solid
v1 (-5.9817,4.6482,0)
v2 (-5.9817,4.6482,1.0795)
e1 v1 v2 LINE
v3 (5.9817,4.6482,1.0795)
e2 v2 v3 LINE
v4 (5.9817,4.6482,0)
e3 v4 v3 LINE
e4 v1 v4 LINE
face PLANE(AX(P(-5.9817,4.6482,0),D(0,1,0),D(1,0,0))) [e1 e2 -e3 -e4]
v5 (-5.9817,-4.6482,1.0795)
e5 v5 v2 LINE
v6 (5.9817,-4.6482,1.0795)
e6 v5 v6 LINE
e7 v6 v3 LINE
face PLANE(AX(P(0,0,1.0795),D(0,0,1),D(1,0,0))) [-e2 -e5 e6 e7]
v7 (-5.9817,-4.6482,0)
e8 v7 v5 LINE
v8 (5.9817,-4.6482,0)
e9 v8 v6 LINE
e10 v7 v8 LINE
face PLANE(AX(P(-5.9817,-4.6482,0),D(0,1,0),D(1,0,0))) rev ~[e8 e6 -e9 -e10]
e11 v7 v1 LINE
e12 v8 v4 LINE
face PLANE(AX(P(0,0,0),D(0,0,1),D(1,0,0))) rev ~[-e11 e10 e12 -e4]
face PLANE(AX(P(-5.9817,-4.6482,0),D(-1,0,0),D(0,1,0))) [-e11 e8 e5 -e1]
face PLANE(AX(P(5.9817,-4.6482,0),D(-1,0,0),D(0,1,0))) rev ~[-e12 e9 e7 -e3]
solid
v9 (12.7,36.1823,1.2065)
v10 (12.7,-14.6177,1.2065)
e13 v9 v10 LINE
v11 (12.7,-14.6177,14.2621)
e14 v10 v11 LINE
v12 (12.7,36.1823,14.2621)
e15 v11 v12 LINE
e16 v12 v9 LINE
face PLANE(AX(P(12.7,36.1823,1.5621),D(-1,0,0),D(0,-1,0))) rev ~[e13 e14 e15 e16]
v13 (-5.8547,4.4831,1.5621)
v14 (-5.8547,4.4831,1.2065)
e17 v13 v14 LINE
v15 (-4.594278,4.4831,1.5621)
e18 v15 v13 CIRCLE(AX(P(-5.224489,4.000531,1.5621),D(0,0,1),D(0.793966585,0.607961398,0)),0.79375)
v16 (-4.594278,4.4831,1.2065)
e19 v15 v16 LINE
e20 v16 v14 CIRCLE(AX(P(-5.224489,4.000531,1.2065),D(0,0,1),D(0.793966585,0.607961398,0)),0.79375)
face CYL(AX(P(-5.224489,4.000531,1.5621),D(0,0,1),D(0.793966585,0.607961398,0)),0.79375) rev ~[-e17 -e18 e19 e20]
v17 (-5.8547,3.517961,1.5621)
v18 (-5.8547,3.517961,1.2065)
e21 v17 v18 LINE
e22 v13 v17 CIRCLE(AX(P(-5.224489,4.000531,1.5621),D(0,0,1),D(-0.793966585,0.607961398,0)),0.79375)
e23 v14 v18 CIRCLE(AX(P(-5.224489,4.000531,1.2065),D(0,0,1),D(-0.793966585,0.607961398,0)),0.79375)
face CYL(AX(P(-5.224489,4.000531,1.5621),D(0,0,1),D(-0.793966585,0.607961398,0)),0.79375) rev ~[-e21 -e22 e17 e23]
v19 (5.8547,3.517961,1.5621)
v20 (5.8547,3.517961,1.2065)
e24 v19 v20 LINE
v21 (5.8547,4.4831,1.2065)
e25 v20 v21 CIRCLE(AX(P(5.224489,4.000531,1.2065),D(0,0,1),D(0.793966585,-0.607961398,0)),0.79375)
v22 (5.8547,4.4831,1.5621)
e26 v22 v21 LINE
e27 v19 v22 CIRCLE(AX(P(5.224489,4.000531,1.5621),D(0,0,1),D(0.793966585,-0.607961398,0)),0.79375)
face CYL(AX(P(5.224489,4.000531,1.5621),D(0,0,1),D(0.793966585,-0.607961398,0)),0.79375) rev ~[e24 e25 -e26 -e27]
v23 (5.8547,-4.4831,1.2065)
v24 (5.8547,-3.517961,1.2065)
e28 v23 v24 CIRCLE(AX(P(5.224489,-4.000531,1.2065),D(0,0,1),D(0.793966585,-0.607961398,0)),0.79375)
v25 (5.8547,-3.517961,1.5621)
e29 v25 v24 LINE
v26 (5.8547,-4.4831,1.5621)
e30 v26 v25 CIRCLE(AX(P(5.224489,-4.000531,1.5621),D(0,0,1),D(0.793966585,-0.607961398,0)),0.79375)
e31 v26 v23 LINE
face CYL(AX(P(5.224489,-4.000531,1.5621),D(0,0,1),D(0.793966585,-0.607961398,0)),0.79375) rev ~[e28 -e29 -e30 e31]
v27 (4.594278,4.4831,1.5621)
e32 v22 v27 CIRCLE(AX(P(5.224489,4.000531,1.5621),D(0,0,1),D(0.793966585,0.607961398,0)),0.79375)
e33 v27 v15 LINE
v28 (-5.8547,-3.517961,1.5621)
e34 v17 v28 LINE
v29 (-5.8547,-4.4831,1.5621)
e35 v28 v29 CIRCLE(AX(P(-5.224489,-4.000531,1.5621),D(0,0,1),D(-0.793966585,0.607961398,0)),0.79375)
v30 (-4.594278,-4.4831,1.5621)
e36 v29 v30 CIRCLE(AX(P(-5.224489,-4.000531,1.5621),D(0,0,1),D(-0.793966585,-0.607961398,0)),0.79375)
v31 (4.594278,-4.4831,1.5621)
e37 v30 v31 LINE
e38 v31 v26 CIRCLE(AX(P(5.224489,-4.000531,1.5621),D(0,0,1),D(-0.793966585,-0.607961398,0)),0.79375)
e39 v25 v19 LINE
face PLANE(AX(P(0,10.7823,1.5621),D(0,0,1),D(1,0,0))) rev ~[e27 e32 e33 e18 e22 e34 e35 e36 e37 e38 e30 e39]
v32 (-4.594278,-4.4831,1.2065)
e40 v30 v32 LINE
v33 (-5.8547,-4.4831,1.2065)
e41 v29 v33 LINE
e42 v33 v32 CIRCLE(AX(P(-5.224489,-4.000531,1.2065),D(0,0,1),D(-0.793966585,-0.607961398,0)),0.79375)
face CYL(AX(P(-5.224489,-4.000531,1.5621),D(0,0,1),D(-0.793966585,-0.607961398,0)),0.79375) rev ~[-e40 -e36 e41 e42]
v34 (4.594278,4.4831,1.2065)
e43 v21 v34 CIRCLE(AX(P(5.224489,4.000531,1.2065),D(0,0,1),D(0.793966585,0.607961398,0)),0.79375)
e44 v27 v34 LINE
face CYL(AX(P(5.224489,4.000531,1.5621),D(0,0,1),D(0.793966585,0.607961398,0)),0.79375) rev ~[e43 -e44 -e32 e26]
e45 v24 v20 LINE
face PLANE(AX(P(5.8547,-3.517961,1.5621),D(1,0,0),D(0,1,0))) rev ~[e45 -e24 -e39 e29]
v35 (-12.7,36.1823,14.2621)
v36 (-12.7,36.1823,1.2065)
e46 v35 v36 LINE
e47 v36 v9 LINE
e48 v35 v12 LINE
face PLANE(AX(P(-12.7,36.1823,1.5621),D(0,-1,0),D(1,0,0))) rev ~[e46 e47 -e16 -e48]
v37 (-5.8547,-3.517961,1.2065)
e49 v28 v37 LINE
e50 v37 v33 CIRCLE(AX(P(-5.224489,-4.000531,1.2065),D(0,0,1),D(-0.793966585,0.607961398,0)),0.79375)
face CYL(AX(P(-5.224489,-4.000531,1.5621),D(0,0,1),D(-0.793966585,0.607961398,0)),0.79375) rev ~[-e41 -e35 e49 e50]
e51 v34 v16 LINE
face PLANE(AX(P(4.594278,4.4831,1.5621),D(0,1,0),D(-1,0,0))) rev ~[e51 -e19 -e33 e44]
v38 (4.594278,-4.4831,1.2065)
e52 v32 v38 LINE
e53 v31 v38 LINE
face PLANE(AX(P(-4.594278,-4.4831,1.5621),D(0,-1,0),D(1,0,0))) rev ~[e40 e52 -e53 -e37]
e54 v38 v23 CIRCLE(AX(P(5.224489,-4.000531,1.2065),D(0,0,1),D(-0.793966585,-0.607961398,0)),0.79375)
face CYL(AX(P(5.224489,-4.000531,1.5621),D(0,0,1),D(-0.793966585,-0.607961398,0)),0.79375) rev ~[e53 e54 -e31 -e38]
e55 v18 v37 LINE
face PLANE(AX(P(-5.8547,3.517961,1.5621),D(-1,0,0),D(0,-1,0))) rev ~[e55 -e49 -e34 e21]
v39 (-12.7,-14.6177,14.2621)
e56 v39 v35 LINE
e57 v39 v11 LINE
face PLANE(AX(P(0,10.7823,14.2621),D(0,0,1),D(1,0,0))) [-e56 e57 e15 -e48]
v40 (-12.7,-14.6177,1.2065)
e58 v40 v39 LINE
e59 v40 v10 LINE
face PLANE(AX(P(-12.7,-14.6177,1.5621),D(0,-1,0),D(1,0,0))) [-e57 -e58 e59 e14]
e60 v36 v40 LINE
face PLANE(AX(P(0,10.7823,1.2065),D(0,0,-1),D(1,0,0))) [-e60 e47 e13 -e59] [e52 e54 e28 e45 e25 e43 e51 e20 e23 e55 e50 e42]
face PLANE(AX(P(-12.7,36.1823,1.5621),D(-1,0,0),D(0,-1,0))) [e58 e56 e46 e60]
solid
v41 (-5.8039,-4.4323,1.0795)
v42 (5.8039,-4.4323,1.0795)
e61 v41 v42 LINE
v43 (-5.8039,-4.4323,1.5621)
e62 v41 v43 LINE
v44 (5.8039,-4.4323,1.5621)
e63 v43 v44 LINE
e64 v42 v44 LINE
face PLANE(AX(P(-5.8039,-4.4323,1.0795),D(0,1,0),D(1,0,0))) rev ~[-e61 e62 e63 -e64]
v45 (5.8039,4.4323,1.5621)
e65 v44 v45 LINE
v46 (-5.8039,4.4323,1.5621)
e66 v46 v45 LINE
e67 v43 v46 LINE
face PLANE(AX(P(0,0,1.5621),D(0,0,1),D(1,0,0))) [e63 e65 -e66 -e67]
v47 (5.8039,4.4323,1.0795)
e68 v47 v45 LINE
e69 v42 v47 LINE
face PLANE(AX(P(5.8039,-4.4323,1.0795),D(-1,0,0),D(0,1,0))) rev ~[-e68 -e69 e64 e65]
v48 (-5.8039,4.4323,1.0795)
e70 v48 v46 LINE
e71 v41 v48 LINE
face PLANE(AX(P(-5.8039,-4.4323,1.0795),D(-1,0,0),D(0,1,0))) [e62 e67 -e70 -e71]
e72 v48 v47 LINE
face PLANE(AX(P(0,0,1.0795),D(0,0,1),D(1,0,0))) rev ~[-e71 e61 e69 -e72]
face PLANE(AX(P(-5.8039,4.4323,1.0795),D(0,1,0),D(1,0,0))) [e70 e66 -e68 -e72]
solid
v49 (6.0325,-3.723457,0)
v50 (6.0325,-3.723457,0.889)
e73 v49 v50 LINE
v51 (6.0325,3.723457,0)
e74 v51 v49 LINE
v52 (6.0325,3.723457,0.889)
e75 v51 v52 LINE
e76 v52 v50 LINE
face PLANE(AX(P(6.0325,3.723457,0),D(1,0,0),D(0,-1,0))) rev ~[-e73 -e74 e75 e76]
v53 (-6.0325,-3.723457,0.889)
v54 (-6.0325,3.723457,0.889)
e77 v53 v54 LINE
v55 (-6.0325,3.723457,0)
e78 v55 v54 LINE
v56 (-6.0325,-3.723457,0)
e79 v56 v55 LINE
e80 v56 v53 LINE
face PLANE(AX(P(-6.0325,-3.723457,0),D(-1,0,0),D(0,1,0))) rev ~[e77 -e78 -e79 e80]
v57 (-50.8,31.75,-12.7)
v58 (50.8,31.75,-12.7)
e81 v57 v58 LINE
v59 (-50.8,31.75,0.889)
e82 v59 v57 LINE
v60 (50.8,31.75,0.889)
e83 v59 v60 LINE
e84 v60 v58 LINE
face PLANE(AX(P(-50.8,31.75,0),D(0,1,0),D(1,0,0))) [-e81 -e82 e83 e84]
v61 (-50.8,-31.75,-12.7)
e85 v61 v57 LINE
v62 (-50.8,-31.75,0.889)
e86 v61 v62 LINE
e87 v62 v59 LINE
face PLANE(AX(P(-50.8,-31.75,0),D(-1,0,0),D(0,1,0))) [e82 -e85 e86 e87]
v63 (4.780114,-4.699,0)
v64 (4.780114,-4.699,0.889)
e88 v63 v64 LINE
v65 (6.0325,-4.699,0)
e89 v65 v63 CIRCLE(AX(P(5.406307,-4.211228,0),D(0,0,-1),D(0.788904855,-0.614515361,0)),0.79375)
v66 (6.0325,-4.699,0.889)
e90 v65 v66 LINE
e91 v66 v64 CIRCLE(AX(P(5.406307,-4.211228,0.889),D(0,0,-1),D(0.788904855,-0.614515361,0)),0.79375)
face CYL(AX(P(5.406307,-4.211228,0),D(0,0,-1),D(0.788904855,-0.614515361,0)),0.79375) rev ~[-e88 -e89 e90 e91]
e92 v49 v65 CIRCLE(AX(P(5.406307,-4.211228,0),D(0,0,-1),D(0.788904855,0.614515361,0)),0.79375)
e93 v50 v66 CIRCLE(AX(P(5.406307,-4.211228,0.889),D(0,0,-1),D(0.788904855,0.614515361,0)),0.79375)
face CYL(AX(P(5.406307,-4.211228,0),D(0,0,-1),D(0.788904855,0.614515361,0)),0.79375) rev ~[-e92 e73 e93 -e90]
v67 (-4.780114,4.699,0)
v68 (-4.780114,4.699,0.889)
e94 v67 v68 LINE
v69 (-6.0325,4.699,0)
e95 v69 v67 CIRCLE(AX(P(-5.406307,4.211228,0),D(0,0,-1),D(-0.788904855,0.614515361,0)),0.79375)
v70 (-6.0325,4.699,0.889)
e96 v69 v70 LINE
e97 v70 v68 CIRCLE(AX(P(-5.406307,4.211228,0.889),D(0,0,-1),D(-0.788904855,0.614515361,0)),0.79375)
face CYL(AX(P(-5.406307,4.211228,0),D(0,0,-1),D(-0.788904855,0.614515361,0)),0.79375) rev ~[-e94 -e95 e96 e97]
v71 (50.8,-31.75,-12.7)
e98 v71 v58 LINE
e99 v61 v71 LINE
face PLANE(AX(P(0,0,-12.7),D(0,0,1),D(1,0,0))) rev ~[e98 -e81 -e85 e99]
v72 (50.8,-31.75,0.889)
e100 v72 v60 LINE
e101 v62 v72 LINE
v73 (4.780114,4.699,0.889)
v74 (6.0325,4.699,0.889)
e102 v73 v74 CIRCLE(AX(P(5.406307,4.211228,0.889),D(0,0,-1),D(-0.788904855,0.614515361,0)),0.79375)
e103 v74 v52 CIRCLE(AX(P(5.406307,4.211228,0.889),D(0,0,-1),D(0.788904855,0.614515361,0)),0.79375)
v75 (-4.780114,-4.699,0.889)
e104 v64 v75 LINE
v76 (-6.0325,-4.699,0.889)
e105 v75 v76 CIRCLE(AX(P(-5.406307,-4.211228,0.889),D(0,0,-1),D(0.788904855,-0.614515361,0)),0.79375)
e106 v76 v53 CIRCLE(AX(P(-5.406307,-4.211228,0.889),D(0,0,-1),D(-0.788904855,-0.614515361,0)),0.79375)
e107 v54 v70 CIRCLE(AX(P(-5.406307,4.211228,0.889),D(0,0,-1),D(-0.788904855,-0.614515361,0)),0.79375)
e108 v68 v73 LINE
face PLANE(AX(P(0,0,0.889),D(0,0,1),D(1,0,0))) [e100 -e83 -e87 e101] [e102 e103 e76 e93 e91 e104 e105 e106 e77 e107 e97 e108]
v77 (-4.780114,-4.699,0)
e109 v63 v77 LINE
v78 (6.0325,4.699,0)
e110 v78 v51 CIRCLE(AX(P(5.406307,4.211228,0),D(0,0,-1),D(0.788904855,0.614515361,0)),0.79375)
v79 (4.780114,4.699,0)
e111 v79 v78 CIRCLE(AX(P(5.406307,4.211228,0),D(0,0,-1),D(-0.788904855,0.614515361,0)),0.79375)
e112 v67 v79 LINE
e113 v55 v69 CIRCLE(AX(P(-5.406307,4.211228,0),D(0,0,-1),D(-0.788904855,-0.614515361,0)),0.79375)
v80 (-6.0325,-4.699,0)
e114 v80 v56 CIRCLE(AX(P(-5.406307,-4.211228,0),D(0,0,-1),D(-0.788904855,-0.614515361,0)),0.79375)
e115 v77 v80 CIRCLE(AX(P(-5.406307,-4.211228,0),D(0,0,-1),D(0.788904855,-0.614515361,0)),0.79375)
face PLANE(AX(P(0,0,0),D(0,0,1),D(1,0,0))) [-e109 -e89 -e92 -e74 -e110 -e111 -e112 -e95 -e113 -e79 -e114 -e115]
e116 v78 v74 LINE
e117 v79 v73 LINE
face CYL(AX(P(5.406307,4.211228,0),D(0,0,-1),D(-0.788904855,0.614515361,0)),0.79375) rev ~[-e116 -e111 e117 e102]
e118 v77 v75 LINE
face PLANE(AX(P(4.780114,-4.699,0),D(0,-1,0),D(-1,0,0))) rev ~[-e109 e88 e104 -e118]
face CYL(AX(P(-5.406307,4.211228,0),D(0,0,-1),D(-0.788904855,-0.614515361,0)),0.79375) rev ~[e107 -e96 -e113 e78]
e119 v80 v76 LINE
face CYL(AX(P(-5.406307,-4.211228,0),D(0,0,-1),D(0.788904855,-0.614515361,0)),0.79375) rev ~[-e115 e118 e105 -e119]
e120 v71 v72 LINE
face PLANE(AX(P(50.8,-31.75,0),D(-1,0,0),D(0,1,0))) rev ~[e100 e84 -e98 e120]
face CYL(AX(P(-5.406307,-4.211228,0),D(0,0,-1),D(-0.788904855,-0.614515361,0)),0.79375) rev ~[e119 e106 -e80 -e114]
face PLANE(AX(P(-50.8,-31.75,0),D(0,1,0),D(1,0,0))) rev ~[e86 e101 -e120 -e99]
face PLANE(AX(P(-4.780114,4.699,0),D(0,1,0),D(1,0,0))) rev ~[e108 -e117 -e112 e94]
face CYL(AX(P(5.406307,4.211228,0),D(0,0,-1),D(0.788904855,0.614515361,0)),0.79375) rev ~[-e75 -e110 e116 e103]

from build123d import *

# Parameters (mm, degrees)
F0_W      = 11.9634
F0_H      = 9.2964
F1_DEPTH  = 1.0795
F2_W      = 11.6078
F2_H      = 8.8646
F3_DEPTH  = 0.4826
F4_W      = 101.6
F4_H      = 63.5
F5_DEPTH  = 12.7
F6_W      = 101.6
F6_H      = 63.5
F7_DEPTH  = 0.889
F8_W      = 25.4
F8_H      = 50.8
F8_W_2    = 11.6078
F8_H_2    = 8.8646
F9_DEPTH  = 12.7
F10_W     = 25.4
F10_H     = 50.8
F11_DEPTH = 0.3556


with BuildPart() as f1:
    # F0 (on Top) → F1 (new body)
    with BuildSketch(Plane.XY):
        Rectangle(F0_W, F0_H)
    extrude(amount=F1_DEPTH)


with BuildPart() as f3:
    # F2 (on face) → F3 (new body)
    with BuildSketch(Plane.XY.offset(1.0795)):
        Rectangle(F2_W, F2_H)
    extrude(amount=F3_DEPTH)


with BuildPart() as f5:
    # F4 (on Top) → F5 (new body)
    with BuildSketch(Plane.XY):
        Rectangle(F4_W, F4_H)
    extrude(amount=-F5_DEPTH)

    # F6 (on face) → F7 (join)
    with BuildSketch(Plane.XY):
        Rectangle(F6_W, F6_H)
        with BuildLine():
            ThreePointArc((6.0325, -3.7234568643), (6.200056771, -4.2112284321), (6.0325, -4.699))
            ThreePointArc((6.0325, -4.699), (5.406306771, -5.0049784321), (4.780113542, -4.699))
            Line((4.780113542, -4.699), (-4.780113542, -4.699))
            ThreePointArc((-4.780113542, -4.699), (-5.406306771, -5.0049784321), (-6.0325, -4.699))
            ThreePointArc((-6.0325, -4.699), (-6.200056771, -4.2112284321), (-6.0325, -3.7234568643))
            Line((-6.0325, -3.7234568643), (-6.0325, 3.7234568643))
            ThreePointArc((-6.0325, 3.7234568643), (-6.200056771, 4.2112284321), (-6.0325, 4.699))
            ThreePointArc((-6.0325, 4.699), (-5.406306771, 5.0049784321), (-4.780113542, 4.699))
            Line((-4.780113542, 4.699), (4.780113542, 4.699))
            ThreePointArc((4.780113542, 4.699), (5.406306771, 5.0049784321), (6.0325, 4.699))
            ThreePointArc((6.0325, 4.699), (6.200056771, 4.2112284321), (6.0325, 3.7234568643))
            Line((6.0325, 3.7234568643), (6.0325, -3.7234568643))
        make_face(mode=Mode.SUBTRACT)
    extrude(amount=F7_DEPTH)


with BuildPart() as f9:
    # F8 (on face) → F9 (new body)
    with BuildSketch(Plane.XY.offset(1.5621)):
        with Locations((0, 10.7823)):
            Rectangle(F8_W, F8_H)
        Rectangle(F8_W_2, F8_H_2, mode=Mode.SUBTRACT)
        Rectangle(F8_W_2, F8_H_2)
    extrude(amount=F9_DEPTH)

    # F10 (on face) → F11 (join)
    with BuildSketch(Plane(origin=(0, 0, 1.5621), x_dir=(1, 0, 0), z_dir=(0, 0, -1))):
        with Locations((0, -10.7823)):
            Rectangle(F10_W, F10_H)
        with BuildLine():
            ThreePointArc((5.8547, -3.5179612804), (6.018239023, -4.0005306402), (5.8547, -4.4831))
            ThreePointArc((5.8547, -4.4831), (5.224489023, -4.7942806402), (4.5942780461, -4.4831))
            Line((4.5942780461, -4.4831), (-4.5942780461, -4.4831))
            ThreePointArc((-4.5942780461, -4.4831), (-5.224489023, -4.7942806402), (-5.8547, -4.4831))
            ThreePointArc((-5.8547, -4.4831), (-6.018239023, -4.0005306402), (-5.8547, -3.5179612804))
            Line((-5.8547, -3.5179612804), (-5.8547, 3.5179612804))
            ThreePointArc((-5.8547, 3.5179612804), (-6.018239023, 4.0005306402), (-5.8547, 4.4831))
            ThreePointArc((-5.8547, 4.4831), (-5.224489023, 4.7942806402), (-4.5942780461, 4.4831))
            Line((-4.5942780461, 4.4831), (4.5942780461, 4.4831))
            ThreePointArc((4.5942780461, 4.4831), (5.224489023, 4.7942806402), (5.8547, 4.4831))
            ThreePointArc((5.8547, 4.4831), (6.018239023, 4.0005306402), (5.8547, 3.5179612804))
            Line((5.8547, 3.5179612804), (5.8547, -3.5179612804))
        make_face(mode=Mode.SUBTRACT)
    extrude(amount=F11_DEPTH)


solid = Compound([f1.part, f3.part, f5.part, f9.part])
